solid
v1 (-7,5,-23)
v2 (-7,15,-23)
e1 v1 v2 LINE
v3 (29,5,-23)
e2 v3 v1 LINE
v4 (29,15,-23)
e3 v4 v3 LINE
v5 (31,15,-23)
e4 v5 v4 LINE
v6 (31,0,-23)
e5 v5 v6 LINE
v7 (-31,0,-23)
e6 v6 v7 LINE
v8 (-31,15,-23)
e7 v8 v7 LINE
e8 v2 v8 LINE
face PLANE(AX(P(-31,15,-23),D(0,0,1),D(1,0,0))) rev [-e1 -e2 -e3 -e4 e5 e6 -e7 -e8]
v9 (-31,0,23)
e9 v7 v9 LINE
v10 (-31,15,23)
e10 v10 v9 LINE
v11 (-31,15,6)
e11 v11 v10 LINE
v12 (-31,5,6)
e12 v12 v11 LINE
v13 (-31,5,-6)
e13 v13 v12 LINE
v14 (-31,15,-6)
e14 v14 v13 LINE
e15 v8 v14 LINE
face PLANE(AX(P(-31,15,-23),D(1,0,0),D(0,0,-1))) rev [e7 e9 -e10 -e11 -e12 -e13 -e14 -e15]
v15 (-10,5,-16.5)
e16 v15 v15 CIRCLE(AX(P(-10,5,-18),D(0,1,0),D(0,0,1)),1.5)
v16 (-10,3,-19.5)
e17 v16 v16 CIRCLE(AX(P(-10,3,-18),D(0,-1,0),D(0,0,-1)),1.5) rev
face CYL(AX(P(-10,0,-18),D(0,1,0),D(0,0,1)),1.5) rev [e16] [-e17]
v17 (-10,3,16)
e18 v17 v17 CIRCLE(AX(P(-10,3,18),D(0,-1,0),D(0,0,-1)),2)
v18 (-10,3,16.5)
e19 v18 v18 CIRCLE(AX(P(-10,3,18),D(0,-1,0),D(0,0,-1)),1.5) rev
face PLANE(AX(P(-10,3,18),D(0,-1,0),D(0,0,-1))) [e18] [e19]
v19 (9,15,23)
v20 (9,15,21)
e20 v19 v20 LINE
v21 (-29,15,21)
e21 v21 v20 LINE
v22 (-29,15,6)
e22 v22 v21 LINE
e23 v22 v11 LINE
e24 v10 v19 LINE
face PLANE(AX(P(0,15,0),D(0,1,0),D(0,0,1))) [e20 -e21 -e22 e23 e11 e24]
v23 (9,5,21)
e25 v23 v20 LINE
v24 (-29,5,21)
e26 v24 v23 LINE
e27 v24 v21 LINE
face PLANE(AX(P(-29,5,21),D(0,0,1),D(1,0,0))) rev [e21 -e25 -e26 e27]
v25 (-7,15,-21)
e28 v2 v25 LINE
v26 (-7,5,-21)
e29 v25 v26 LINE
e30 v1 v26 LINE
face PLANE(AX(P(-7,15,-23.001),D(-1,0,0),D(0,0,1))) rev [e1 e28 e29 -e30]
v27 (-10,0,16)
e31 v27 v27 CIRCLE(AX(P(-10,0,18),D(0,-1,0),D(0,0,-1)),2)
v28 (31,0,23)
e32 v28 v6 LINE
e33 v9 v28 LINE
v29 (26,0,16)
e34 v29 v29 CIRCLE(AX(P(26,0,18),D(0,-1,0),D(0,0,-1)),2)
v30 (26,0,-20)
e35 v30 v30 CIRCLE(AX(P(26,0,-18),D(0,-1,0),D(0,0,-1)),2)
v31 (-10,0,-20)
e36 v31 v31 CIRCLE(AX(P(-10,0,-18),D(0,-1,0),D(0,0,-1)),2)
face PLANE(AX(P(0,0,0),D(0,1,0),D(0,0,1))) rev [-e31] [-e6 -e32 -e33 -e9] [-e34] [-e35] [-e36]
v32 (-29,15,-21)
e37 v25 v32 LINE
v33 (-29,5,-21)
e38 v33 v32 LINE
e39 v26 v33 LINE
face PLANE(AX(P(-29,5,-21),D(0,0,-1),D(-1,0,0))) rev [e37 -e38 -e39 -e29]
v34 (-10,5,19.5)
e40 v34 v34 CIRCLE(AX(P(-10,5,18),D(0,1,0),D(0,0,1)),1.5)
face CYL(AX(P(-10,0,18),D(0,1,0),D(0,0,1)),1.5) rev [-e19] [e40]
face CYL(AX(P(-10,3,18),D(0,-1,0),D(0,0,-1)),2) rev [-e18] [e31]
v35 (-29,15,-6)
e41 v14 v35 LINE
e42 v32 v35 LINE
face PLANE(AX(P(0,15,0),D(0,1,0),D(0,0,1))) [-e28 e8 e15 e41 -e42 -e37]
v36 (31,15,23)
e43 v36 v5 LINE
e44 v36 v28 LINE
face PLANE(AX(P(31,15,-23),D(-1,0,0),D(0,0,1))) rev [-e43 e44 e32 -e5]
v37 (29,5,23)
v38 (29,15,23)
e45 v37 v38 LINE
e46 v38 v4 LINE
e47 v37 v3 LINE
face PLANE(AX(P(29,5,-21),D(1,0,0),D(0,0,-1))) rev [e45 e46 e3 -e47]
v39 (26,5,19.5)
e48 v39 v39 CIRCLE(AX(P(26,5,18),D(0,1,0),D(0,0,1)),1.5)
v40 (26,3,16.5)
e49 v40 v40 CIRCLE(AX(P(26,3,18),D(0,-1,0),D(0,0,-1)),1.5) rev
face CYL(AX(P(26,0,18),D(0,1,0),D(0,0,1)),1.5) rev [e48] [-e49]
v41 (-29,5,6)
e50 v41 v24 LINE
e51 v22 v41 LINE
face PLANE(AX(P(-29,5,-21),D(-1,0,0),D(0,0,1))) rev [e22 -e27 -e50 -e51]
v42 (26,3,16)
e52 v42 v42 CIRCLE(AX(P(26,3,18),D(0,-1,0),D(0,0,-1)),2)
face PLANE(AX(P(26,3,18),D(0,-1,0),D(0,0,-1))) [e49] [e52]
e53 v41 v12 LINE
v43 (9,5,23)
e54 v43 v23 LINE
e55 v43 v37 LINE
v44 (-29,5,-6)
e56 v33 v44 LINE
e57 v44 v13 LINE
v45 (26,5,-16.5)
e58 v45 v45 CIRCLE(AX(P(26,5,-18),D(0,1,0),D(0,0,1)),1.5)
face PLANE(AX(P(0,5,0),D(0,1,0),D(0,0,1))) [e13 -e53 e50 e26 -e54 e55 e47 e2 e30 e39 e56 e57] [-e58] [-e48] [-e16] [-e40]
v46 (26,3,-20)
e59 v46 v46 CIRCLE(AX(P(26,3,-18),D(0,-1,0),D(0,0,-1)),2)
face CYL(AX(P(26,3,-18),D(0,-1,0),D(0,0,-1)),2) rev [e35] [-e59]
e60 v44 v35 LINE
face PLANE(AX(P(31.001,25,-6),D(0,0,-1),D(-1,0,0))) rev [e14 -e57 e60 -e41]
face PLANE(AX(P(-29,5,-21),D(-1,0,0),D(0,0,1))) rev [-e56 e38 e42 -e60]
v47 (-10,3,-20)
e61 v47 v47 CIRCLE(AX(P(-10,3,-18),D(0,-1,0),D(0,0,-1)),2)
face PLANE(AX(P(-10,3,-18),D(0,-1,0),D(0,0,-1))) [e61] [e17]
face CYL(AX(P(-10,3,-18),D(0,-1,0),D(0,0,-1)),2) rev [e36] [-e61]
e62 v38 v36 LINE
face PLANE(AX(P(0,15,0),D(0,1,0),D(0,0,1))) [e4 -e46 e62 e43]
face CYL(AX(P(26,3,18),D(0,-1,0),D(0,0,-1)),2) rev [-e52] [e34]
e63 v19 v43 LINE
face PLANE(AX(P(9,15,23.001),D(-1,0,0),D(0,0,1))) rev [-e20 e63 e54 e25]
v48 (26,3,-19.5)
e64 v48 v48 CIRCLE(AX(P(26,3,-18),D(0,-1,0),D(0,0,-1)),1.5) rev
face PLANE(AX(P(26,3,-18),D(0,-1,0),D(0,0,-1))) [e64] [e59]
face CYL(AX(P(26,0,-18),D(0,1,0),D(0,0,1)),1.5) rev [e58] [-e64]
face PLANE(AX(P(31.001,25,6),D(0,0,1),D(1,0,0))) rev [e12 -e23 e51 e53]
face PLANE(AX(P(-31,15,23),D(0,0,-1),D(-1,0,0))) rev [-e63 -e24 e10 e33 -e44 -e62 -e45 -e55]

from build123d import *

# Parameters (mm, degrees)
SKETCH_1_W          = 62
SKETCH_1_H          = 46
EXTRUDE_1_DEPTH     = 15
SKETCH_2_W          = 58
SKETCH_2_H          = 42
CUT_EXTRUDE_1_DEPTH = 10
CUT_EXTRUDE_2_REACH = 69.809
SKETCH_3_W          = 12
SKETCH_3_H          = 20
CUT_EXTRUDE_3_REACH = 57.875
SKETCH_5_W          = 36
SKETCH_5_H          = 10
CUT_EXTRUDE_4_REACH = 57.875
SKETCH_6_W          = 20
SKETCH_6_H          = 10
SKETCH_7_R          = 1.5
CUT_EXTRUDE_5_DEPTH = 40.874804075
SKETCH_8_R          = 2
CUT_EXTRUDE_6_DEPTH = 3


with BuildPart() as part:
    # 草图1 → 凸台-拉伸1 (new body)
    with BuildSketch(Plane(origin=(0, 0, 0), x_dir=(1, 0, 0), z_dir=(0, 1, 0))):
        Rectangle(SKETCH_1_W, SKETCH_1_H)
    extrude(amount=EXTRUDE_1_DEPTH)

    # 草图2 → 切除-拉伸1 (cut)
    with BuildSketch(Plane(origin=(0, 15, 0), x_dir=(1, 0, 0), z_dir=(0, 1, 0))):
        Rectangle(SKETCH_2_W, SKETCH_2_H)
    extrude(amount=-CUT_EXTRUDE_1_DEPTH, mode=Mode.SUBTRACT)

    # 草图3 → 切除-拉伸2 (cut, up to next)
    with BuildSketch(Plane.ZY.offset(31), mode=Mode.PRIVATE) as cut_extrude_2_sk1:
        with Locations((0, 15)):
            Rectangle(SKETCH_3_W, SKETCH_3_H)
    cut_extrude_2_tool1 = extrude(cut_extrude_2_sk1.sketch, amount=-CUT_EXTRUDE_2_REACH, mode=Mode.PRIVATE) & part.part
    add(cut_extrude_2_tool1.solids().sort_by_distance((-31, 15, 0))[0], mode=Mode.SUBTRACT)

    # 草图5 → 切除-拉伸3 (cut, up to next)
    with BuildSketch(Plane.XY.offset(-21), mode=Mode.PRIVATE) as cut_extrude_3_sk1:
        with Locations((11, 10)):
            Rectangle(SKETCH_5_W, SKETCH_5_H)
    cut_extrude_3_tool1 = extrude(cut_extrude_3_sk1.sketch, amount=-CUT_EXTRUDE_3_REACH, mode=Mode.PRIVATE) & part.part
    add(cut_extrude_3_tool1.solids().sort_by_distance((11, 10, -21))[0], mode=Mode.SUBTRACT)

    # 草图6 → 切除-拉伸4 (cut, up to next)
    with BuildSketch(Plane(origin=(0, 0, 21), x_dir=(-1, 0, 0), z_dir=(0, 0, -1)), mode=Mode.PRIVATE) as cut_extrude_4_sk1:
        with Locations((-19, 10)):
            Rectangle(SKETCH_6_W, SKETCH_6_H)
    cut_extrude_4_tool1 = extrude(cut_extrude_4_sk1.sketch, amount=-CUT_EXTRUDE_4_REACH, mode=Mode.PRIVATE) & part.part
    add(cut_extrude_4_tool1.solids().sort_by_distance((19, 10, 21))[0], mode=Mode.SUBTRACT)

    # 草图7 → 切除-拉伸5 (cut, through all)
    with BuildSketch(Plane(origin=(0, 5, 0), x_dir=(1, 0, 0), z_dir=(0, 1, 0))):
        with Locations(Location((26, -18, 0), (0, 0, 270))):
            Circle(SKETCH_7_R)
        with Locations(Location((26, 18, 0), (0, 0, 270))):
            Circle(SKETCH_7_R)
        with Locations(Location((-10, 18, 0), (0, 0, 270))):
            Circle(SKETCH_7_R)
        with Locations(Location((-10, -18, 0), (0, 0, 270))):
            Circle(SKETCH_7_R)
    extrude(amount=-CUT_EXTRUDE_5_DEPTH, mode=Mode.SUBTRACT)

    # 草图8 → 切除-拉伸6 (cut)
    with BuildSketch(Plane.XZ):
        with Locations(Location((-10, 18, 0), (0, 0, 270))):
            Circle(SKETCH_8_R)
        with Locations(Location((26, 18, 0), (0, 0, 270))):
            Circle(SKETCH_8_R)
        with Locations(Location((26, -18, 0), (0, 0, 270))):
            Circle(SKETCH_8_R)
        with Locations(Location((-10, -18, 0), (0, 0, 270))):
            Circle(SKETCH_8_R)
    extrude(amount=-CUT_EXTRUDE_6_DEPTH, mode=Mode.SUBTRACT)


solid = part.part
